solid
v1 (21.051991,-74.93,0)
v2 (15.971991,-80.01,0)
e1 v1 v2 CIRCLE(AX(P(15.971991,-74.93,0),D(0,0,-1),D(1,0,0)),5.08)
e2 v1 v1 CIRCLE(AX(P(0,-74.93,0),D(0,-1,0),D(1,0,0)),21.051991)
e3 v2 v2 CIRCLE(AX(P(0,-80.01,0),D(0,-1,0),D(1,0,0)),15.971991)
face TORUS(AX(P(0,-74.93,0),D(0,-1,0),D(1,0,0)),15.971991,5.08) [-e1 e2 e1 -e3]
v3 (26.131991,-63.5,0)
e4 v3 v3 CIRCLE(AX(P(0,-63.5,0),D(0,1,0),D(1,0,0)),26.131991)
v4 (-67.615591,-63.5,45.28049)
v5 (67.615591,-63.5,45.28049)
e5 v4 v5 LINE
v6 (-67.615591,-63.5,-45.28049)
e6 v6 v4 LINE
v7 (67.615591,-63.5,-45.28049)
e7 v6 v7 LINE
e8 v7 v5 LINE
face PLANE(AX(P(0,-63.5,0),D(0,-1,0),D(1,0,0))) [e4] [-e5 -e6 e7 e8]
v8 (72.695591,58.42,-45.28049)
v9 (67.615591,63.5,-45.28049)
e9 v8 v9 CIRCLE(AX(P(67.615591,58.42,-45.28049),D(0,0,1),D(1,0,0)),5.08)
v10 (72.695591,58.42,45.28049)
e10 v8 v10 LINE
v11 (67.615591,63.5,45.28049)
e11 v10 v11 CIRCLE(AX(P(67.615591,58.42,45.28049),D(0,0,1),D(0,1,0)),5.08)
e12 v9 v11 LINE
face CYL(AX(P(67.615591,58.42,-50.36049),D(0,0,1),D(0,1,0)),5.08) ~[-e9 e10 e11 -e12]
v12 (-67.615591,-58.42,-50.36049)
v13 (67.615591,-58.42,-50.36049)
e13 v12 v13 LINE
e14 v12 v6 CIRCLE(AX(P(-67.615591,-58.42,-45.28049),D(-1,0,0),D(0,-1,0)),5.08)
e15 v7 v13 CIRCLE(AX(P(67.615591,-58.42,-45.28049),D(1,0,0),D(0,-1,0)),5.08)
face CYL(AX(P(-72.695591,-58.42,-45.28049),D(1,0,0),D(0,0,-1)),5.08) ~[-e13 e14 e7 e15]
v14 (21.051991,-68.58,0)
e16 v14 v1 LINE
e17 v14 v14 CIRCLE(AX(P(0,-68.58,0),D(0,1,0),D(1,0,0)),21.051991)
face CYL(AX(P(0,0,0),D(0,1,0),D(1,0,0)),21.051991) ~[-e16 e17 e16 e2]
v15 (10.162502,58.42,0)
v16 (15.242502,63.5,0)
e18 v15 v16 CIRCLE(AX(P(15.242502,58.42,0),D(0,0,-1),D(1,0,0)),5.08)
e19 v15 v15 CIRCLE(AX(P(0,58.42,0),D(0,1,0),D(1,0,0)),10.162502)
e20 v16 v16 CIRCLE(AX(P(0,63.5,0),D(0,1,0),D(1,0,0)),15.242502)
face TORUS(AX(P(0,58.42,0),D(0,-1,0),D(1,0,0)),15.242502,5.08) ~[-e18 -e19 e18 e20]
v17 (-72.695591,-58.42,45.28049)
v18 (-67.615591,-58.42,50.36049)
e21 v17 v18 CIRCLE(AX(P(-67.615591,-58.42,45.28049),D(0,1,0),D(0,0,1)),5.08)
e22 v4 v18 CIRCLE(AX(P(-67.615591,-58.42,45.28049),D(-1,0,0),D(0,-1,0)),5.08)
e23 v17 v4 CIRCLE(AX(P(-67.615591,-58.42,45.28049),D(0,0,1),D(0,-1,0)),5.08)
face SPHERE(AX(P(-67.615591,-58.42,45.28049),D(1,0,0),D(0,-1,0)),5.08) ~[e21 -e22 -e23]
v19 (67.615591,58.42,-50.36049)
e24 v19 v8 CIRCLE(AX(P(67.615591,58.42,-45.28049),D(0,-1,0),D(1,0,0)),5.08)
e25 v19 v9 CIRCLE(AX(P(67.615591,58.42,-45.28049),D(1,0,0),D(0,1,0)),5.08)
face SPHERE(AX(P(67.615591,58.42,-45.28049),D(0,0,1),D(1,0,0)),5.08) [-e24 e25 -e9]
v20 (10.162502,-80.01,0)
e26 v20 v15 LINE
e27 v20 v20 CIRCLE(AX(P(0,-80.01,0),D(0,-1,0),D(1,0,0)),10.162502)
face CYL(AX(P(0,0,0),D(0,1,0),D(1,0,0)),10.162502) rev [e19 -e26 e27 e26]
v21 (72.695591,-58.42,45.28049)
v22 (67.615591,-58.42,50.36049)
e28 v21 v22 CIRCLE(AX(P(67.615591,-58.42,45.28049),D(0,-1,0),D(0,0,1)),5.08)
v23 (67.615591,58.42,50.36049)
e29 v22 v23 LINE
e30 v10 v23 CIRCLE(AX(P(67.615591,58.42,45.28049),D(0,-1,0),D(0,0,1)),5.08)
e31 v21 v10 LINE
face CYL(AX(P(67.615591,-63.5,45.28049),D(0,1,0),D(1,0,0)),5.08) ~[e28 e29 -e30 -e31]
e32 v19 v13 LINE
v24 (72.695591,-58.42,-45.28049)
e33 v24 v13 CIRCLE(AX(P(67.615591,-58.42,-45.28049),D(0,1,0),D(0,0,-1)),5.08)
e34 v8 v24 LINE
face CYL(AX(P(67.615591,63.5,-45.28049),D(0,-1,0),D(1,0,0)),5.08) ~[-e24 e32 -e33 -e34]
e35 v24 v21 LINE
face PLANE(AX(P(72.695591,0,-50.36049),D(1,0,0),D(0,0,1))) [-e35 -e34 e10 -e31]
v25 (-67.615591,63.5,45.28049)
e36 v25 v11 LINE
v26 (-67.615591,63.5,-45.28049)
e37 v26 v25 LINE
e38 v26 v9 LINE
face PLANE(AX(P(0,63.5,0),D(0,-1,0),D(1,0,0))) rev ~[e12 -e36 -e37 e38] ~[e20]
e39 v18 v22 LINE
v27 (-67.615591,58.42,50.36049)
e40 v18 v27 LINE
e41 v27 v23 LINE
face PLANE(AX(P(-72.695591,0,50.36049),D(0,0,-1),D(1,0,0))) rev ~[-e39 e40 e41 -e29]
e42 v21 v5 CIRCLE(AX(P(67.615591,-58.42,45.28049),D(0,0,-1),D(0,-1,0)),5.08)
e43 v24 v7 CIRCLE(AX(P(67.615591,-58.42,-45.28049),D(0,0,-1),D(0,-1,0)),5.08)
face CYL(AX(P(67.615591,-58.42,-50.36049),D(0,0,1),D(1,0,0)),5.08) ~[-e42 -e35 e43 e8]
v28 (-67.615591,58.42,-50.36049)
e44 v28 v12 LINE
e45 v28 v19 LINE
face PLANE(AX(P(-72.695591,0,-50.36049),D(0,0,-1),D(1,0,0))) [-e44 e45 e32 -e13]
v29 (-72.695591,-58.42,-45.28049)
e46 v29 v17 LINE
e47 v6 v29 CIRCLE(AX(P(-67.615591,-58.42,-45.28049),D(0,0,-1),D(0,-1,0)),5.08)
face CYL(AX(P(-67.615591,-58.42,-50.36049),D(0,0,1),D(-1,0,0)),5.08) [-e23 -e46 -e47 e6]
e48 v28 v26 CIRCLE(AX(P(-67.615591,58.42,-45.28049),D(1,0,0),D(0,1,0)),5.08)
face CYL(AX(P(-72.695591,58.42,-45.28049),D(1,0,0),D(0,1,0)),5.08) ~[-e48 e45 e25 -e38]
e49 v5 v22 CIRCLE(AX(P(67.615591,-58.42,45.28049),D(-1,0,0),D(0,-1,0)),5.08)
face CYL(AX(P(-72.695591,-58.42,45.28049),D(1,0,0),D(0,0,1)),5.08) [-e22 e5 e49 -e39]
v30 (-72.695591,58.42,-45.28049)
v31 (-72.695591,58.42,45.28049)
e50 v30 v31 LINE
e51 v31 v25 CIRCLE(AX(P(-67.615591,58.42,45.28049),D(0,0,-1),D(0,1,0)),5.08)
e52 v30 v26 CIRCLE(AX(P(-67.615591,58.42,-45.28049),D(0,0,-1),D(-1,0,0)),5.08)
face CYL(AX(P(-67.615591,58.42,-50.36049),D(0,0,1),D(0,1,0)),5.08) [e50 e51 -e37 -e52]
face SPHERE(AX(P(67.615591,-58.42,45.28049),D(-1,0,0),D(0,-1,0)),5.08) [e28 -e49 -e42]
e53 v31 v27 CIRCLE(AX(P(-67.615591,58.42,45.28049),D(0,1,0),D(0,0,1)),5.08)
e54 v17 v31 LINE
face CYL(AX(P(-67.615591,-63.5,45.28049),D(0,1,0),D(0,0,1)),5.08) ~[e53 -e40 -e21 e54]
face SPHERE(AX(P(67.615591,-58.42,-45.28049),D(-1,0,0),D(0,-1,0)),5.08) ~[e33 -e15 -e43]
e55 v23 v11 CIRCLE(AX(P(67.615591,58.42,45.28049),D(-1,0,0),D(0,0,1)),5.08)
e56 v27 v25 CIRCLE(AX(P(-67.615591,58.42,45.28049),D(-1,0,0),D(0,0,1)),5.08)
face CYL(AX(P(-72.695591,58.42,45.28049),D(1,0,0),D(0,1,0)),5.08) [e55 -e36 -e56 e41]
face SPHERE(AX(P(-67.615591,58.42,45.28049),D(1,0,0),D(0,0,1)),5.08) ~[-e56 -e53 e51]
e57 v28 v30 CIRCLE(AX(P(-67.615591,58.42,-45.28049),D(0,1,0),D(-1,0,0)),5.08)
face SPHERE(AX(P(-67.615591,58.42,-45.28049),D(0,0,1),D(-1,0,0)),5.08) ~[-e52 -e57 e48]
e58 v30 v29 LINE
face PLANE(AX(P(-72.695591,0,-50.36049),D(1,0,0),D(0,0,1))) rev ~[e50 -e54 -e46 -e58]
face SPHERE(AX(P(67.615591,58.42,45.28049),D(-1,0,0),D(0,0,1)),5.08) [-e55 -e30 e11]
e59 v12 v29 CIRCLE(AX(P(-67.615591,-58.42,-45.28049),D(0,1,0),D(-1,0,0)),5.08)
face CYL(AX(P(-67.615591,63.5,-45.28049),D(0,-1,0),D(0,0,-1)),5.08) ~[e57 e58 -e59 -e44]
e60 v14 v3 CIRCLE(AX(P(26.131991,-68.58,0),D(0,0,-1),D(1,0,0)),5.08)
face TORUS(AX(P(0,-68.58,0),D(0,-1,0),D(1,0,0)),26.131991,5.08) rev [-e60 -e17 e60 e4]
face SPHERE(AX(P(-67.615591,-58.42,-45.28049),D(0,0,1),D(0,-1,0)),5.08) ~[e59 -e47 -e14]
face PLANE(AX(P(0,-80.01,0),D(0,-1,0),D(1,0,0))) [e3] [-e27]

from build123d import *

# Parameters (mm, degrees)
F0_W     = 145.3911811113
F0_H     = 100.7209792733
F2_DEPTH = 63.5
F1_R     = 21.0519907021
F1_R_2   = 10.1625017611
F3_DEPTH = 80.01
F4_DEPTH = 127
F5_R     = 5.08


with BuildPart() as f2:
    # F0 (on Front) → F2 (new body, symmetric)
    with BuildSketch(Plane.XZ):
        Rectangle(F0_W, F0_H)
    extrude(amount=F2_DEPTH, both=True)

    # F1 (on face) → F3 (join)
    with BuildSketch(Plane.XZ):
        Circle(F1_R)
        Circle(F1_R_2, mode=Mode.SUBTRACT)
    extrude(amount=F3_DEPTH)

    # F4 (cut): a face of the model
    f4_faces = [f2.faces().sort_by_distance(p)[0] for p in [
        (0, -63.5, 0),
    ]]
    extrude(f4_faces, amount=-F4_DEPTH, mode=Mode.SUBTRACT)

    # F5
    f5_edges = [f2.edges().sort_by_distance(p)[0] for p in [
        (0, -63.5, 50.36049),
        (-72.695591, -63.5, 0),
        (0, -63.5, -50.36049),
        (72.695591, -63.5, 0),
        (-21.051991, -63.5, 0),
        (0, 63.5, 50.36049),
        (-72.695591, 0, 50.36049),
        (72.695591, 0, 50.36049),
        (-72.695591, 63.5, 0),
        (-72.695591, 0, -50.36049),
        (72.695591, 63.5, 0),
        (72.695591, 0, -50.36049),
        (-21.051991, -80.01, 0),
        (0, 63.5, -50.36049),
        (-10.162502, 63.5, 0),
    ]]
    fillet(f5_edges, radius=F5_R)


solid = f2.part
